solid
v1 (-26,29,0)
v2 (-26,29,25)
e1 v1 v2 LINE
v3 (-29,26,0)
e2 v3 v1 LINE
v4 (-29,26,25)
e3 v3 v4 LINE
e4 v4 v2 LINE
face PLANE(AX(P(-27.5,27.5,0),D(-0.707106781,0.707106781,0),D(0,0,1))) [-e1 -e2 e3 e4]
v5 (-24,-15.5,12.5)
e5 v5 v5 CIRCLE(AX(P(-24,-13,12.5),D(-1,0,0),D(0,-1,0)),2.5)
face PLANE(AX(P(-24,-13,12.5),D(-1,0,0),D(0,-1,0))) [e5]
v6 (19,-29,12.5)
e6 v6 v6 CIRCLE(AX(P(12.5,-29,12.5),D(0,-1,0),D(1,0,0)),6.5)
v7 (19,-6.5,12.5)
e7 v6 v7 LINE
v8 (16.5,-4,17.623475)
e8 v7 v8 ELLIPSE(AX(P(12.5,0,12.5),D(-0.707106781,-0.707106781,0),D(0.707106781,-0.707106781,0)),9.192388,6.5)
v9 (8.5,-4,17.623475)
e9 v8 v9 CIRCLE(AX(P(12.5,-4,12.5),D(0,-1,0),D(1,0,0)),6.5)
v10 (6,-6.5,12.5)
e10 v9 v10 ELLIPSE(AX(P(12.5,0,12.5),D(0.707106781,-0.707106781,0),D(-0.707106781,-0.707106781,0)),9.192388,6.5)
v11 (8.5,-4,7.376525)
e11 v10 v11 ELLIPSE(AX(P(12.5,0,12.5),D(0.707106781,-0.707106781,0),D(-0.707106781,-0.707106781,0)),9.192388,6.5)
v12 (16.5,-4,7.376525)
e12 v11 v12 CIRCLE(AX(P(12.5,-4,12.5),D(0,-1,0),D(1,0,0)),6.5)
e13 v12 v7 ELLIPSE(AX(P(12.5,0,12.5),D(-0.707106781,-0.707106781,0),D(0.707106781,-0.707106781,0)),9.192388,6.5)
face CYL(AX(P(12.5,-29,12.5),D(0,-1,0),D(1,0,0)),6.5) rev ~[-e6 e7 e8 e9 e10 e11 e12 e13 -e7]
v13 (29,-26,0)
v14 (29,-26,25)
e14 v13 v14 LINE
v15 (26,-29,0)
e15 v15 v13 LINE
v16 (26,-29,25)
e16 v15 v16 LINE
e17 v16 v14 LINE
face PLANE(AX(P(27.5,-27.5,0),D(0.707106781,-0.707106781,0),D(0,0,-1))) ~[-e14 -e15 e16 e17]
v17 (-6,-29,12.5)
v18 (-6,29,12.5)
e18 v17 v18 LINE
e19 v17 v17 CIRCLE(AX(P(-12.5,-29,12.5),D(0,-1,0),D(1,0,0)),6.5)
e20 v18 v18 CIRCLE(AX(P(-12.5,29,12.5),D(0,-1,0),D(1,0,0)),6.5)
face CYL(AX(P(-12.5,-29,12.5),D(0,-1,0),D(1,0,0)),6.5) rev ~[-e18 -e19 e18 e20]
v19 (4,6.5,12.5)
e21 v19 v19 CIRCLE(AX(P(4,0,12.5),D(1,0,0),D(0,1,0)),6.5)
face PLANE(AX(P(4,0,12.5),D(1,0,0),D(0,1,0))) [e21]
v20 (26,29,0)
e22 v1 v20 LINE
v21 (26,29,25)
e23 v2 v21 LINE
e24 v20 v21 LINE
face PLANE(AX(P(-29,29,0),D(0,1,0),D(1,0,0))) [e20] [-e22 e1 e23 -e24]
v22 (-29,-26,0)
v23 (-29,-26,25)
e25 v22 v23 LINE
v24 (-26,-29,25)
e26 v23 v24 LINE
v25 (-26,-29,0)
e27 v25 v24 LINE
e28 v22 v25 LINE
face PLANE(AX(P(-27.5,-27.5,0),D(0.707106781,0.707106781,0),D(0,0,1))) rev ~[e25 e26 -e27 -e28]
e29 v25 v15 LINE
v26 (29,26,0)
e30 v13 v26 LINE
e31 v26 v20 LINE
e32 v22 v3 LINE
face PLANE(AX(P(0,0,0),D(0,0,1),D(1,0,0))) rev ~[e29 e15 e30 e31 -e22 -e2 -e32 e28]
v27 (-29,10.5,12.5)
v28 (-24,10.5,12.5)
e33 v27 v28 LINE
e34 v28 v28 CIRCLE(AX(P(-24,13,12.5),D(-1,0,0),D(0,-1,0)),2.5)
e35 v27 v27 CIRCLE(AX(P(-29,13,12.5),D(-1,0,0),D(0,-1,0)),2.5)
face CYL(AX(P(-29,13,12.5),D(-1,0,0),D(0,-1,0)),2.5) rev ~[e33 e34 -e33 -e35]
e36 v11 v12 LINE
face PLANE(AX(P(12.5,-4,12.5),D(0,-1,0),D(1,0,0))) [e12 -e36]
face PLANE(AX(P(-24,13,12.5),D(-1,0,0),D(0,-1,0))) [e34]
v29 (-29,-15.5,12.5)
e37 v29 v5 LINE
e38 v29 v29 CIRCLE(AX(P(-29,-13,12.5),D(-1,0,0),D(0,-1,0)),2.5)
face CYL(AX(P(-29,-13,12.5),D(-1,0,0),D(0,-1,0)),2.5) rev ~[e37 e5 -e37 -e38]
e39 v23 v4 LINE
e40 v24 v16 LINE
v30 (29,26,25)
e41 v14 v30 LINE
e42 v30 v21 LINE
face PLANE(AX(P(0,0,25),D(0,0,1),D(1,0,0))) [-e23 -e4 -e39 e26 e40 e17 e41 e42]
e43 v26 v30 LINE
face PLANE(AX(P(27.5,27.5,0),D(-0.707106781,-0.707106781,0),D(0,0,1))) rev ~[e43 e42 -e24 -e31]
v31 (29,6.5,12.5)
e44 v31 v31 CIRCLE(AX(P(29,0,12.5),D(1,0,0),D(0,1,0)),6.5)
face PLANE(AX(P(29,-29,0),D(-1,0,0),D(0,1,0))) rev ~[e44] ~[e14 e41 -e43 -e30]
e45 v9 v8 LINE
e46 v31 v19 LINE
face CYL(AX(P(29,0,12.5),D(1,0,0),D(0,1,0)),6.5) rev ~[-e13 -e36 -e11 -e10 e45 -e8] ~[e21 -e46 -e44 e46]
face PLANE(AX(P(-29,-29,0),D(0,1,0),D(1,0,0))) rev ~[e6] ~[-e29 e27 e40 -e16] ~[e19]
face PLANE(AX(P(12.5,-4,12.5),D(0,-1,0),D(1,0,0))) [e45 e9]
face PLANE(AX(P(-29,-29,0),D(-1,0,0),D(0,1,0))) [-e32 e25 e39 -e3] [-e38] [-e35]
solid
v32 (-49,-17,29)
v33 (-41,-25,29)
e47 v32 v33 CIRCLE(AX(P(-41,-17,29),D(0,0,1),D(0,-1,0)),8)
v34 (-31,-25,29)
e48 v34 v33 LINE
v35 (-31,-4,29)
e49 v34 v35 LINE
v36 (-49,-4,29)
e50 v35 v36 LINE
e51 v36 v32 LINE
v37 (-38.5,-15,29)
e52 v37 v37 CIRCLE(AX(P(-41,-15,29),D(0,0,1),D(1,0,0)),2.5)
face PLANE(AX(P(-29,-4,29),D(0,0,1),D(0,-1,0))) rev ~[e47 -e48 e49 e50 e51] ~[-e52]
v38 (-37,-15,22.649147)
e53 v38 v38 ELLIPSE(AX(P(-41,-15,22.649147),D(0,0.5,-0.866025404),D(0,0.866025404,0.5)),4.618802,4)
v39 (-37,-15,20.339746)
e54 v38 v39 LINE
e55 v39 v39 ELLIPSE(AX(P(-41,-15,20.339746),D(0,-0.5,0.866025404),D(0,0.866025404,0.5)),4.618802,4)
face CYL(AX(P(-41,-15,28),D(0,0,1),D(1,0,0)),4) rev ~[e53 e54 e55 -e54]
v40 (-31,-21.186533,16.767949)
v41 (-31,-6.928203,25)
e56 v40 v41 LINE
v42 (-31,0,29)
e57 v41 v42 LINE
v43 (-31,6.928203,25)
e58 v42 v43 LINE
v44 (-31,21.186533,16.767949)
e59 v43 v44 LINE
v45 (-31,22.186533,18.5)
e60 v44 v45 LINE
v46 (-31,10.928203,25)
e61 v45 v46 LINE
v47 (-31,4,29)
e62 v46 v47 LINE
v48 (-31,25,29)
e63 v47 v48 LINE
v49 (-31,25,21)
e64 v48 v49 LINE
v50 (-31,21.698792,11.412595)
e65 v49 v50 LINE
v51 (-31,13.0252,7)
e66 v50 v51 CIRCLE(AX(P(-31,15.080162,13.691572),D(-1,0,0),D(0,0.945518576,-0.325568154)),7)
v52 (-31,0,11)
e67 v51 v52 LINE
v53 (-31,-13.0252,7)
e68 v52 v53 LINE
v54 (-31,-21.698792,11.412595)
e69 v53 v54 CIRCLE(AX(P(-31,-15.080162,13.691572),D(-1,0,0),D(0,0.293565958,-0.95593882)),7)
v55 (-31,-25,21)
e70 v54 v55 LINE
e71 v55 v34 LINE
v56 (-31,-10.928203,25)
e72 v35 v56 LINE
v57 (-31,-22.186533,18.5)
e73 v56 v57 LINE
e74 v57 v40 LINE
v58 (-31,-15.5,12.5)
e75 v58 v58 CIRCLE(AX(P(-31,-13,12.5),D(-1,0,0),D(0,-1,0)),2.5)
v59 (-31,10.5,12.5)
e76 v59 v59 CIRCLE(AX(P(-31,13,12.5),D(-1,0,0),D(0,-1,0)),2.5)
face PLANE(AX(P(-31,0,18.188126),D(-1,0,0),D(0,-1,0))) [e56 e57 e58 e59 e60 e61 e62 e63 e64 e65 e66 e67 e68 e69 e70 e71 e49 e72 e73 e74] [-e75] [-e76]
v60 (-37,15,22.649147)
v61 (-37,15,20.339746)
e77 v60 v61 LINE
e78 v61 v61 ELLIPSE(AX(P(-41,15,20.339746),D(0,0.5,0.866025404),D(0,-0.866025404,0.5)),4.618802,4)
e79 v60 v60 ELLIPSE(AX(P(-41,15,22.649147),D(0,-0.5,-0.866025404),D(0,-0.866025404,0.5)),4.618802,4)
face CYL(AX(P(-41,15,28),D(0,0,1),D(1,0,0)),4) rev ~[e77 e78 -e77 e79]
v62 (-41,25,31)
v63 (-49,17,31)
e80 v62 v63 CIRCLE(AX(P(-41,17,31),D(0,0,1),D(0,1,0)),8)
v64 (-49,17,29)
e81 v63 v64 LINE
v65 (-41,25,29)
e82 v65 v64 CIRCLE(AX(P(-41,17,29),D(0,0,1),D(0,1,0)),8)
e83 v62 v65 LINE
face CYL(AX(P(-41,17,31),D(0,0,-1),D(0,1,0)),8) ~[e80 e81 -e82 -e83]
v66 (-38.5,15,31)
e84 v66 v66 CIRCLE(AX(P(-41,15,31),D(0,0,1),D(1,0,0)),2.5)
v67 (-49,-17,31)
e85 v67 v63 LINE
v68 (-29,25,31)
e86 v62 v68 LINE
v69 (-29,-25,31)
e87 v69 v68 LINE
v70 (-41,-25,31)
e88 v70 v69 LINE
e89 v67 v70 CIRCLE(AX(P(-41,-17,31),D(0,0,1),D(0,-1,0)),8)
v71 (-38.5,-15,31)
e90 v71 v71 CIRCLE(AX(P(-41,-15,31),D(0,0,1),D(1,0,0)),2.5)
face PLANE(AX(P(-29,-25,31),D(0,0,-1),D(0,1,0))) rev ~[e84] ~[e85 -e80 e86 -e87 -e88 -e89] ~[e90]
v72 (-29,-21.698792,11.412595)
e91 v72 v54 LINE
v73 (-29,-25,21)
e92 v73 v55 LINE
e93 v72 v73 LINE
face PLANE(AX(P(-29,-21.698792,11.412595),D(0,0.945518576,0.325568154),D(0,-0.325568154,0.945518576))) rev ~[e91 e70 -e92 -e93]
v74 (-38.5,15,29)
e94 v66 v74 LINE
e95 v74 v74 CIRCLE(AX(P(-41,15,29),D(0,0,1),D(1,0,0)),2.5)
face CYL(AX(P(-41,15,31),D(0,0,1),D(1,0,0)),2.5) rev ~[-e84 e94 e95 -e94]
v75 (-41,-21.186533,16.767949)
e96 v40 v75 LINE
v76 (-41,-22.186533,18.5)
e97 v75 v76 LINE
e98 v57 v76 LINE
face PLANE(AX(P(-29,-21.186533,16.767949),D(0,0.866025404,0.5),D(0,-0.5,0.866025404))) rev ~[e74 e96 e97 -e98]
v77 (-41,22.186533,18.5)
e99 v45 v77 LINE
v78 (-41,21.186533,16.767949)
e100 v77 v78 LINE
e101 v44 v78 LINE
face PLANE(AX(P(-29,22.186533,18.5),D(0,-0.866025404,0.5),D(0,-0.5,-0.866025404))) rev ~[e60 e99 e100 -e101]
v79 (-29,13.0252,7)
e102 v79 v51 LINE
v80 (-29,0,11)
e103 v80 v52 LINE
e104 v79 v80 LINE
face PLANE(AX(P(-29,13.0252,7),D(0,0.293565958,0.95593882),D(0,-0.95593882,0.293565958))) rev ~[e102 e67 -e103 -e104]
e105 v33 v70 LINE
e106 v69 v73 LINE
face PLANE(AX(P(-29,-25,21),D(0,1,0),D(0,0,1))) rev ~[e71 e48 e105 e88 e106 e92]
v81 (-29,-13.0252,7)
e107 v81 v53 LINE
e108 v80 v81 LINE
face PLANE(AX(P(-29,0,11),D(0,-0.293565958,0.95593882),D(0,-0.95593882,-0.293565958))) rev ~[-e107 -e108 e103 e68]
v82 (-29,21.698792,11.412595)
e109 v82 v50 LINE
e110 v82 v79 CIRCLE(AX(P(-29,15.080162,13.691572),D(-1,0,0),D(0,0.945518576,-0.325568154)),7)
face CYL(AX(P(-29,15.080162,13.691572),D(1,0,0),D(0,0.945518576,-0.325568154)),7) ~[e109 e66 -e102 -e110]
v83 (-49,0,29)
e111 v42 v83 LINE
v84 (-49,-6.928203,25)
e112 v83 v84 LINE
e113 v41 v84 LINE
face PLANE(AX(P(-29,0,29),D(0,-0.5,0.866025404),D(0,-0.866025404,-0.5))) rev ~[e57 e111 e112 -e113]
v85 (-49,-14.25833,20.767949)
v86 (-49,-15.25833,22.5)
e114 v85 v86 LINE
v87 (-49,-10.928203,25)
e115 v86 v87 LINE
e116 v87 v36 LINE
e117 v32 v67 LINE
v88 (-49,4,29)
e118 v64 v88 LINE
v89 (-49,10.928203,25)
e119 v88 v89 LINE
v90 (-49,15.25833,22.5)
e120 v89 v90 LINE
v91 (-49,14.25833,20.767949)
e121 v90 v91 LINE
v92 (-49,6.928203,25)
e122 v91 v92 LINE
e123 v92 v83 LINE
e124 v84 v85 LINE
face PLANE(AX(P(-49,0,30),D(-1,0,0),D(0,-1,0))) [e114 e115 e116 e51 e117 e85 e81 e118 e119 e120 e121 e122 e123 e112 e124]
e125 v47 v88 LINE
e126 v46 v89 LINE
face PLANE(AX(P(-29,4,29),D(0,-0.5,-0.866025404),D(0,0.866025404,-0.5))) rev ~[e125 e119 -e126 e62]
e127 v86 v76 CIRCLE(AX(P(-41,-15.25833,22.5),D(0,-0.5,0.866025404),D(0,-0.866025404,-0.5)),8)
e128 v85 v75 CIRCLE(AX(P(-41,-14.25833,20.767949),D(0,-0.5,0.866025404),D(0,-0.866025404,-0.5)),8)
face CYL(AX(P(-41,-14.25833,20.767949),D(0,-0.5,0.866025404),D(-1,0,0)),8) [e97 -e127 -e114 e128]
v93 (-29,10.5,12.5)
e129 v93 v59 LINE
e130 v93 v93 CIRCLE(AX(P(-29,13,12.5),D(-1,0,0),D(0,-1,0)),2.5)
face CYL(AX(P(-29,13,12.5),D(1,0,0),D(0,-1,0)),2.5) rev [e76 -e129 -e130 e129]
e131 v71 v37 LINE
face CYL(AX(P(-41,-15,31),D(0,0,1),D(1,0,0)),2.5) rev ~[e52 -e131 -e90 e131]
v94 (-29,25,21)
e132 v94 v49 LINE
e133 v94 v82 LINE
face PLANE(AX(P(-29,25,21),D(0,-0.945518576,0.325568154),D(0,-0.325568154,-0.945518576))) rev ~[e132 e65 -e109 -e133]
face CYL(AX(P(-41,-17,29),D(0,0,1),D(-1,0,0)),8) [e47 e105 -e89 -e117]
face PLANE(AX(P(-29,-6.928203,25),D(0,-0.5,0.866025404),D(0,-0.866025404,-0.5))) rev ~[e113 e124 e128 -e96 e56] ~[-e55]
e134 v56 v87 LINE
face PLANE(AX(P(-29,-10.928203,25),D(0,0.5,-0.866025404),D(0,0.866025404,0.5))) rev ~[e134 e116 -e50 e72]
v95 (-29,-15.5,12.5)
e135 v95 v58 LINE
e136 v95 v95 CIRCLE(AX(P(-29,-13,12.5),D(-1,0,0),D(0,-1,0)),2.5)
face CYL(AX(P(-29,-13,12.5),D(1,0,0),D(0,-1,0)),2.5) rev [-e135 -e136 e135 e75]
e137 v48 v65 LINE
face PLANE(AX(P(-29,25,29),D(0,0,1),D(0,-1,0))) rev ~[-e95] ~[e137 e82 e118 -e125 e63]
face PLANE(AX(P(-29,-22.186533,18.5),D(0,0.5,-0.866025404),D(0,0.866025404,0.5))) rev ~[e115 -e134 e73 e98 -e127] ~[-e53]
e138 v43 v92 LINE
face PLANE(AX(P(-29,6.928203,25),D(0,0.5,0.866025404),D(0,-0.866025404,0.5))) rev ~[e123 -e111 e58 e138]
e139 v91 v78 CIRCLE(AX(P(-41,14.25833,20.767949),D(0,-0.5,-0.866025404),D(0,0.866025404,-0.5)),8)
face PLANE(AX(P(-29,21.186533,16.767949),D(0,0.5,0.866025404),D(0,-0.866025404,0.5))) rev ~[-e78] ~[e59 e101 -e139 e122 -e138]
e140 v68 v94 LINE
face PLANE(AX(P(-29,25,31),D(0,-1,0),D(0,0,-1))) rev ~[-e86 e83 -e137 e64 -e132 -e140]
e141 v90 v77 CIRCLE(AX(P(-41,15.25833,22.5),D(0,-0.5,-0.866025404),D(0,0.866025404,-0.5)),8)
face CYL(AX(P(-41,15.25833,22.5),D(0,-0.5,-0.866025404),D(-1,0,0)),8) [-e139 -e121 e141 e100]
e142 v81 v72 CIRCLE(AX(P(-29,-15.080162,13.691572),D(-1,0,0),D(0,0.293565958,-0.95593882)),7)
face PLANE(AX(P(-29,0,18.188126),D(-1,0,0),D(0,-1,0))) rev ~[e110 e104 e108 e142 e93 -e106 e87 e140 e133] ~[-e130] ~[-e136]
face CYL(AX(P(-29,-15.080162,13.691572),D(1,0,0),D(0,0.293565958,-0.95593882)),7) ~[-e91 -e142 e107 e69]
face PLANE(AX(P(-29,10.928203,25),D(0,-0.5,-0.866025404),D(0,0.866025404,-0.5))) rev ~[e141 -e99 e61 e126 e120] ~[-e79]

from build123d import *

# Parameters (mm, degrees)
F0_W      = 58
F0_H      = 58
F1_DEPTH  = 25
F2_SIZE   = 3
F3_R      = 6.5
F4_DEPTH  = 58.001
F5_DEPTH  = 25
F6_R      = 6.5
F7_DEPTH  = 25
F8_R      = 2.5
F9_DEPTH  = 5
F10_R     = 2.5
F11_DEPTH = 2
F12_DEPTH = 20
F13_R     = 2.5
F14_DEPTH = 3
F15_START = -3
F13_R_2   = 4
F15_DEPTH = 28.001
F16_R     = 8


with BuildPart() as f1:
    # F0 (on Top) → F1 (new body)
    with BuildSketch(Plane.XY):
        Rectangle(F0_W, F0_H)
    extrude(amount=F1_DEPTH)

    # F2
    f2_edges = [f1.edges().sort_by_distance(p)[0] for p in [
        (-29, -29, 12.5),
        (29, -29, 12.5),
        (29, 29, 12.5),
        (-29, 29, 12.5),
    ]]
    chamfer(f2_edges, length=F2_SIZE)

    # F3 (on face) → F4 (cut, through all)
    with BuildSketch(Plane.XZ.offset(29)):
        with Locations((-12.5, 12.5)):
            Circle(F3_R)
    extrude(amount=-F4_DEPTH, mode=Mode.SUBTRACT)

    # F3 (on face) → F5 (cut)
    with BuildSketch(Plane.XZ.offset(29)):
        with Locations((12.5, 12.5)):
            Circle(F3_R)
    extrude(amount=-F5_DEPTH, mode=Mode.SUBTRACT)

    # F6 (on face) → F7 (cut)
    with BuildSketch(Plane.YZ.offset(29)):
        with Locations((0, 12.5)):
            Circle(F6_R)
    extrude(amount=-F7_DEPTH, mode=Mode.SUBTRACT)

    # F8 (on face) → F9 (cut)
    with BuildSketch(Plane(origin=(-29, 0, 0), x_dir=(0, -1, 0), z_dir=(-1, 0, 0))):
        with Locations((-13, 12.5)):
            Circle(F8_R)
        with Locations((13, 12.5)):
            Circle(F8_R)
    extrude(amount=-F9_DEPTH, mode=Mode.SUBTRACT)


with BuildPart() as f11:
    # F10 (on face) → F11 (new body)
    with BuildSketch(Plane(origin=(-29, 0, 0), x_dir=(0, -1, 0), z_dir=(-1, 0, 0))):
        with BuildLine():
            Line((-25, 21), (-21.6987916019, 11.4125946606))
            ThreePointArc((-21.6987916019, 11.4125946606), (-18.2541992292, 7.4525425742), (-13.0251998641, 7))
            Line((-13.0251998641, 7), (0, 11))
            Line((0, 11), (13.0251998641, 7))
            ThreePointArc((13.0251998641, 7), (18.2541992292, 7.4525425742), (21.6987916019, 11.4125946606))
            Line((21.6987916019, 11.4125946606), (25, 21))
            Line((25, 21), (25, 25))
            Line((25, 25), (10.9282032303, 25))
            Line((10.9282032303, 25), (22.1865334795, 18.5))
            Line((22.1865334795, 18.5), (21.1865334795, 16.7679491924))
            Line((21.1865334795, 16.7679491924), (6.9282032303, 25))
            Line((6.9282032303, 25), (-6.9282032303, 25))
            Line((-6.9282032303, 25), (-21.1865334795, 16.7679491924))
            Line((-21.1865334795, 16.7679491924), (-22.1865334795, 18.5))
            Line((-22.1865334795, 18.5), (-10.9282032303, 25))
            Line((-10.9282032303, 25), (-25, 25))
            Line((-25, 25), (-25, 21))
        make_face()
        with Locations((-13, 12.5)):
            Circle(F10_R, mode=Mode.SUBTRACT)
        with Locations((13, 12.5)):
            Circle(F10_R, mode=Mode.SUBTRACT)
        Polygon((-25, 29), (-25, 25), (-10.9282032303, 25), (-4, 29), align=None)
        Polygon((-4, 29), (-10.9282032303, 25), (-6.9282032303, 25), (0, 29), align=None)
        Polygon((0, 29), (-6.9282032303, 25), (6.9282032303, 25), align=None)
        Polygon((-6.9282032303, 25), (-10.9282032303, 25), (-22.1865334795, 18.5), (-21.1865334795, 16.7679491924), align=None)
        Polygon((10.9282032303, 25), (6.9282032303, 25), (21.1865334795, 16.7679491924), (22.1865334795, 18.5), align=None)
        Polygon((4, 29), (0, 29), (6.9282032303, 25), (10.9282032303, 25), align=None)
        Polygon((25, 29), (4, 29), (10.9282032303, 25), (25, 25), align=None)
        Polygon((-25, 31), (-25, 29), (-4, 29), (0, 29), (4, 29), (25, 29), (25, 31), (0, 31), align=None)
    extrude(amount=F11_DEPTH)

    # F10 (on face) → F12 (join)
    with BuildSketch(Plane(origin=(-29, 0, 0), x_dir=(0, -1, 0), z_dir=(-1, 0, 0))):
        Polygon((-25, 31), (-25, 29), (-4, 29), (0, 29), (4, 29), (25, 29), (25, 31), (0, 31), align=None)
        Polygon((-4, 29), (-10.9282032303, 25), (-6.9282032303, 25), (0, 29), align=None)
        Polygon((-6.9282032303, 25), (-10.9282032303, 25), (-22.1865334795, 18.5), (-21.1865334795, 16.7679491924), align=None)
        Polygon((4, 29), (0, 29), (6.9282032303, 25), (10.9282032303, 25), align=None)
        Polygon((10.9282032303, 25), (6.9282032303, 25), (21.1865334795, 16.7679491924), (22.1865334795, 18.5), align=None)
    extrude(amount=F12_DEPTH)

    # F13 (on face) → F14 (cut)
    with BuildSketch(Plane.XY.offset(31)):
        with Locations((-41, -15)):
            Circle(F13_R)
        with Locations((-41, 15)):
            Circle(F13_R)
    extrude(amount=-F14_DEPTH, mode=Mode.SUBTRACT)

    # F13 (on face) → F15 (cut)
    with BuildSketch(Plane.XY.offset(31).offset(F15_START)):
        with Locations((-41, 15)):
            Circle(F13_R_2)
        with Locations((-41, 15)):
            Circle(F13_R, mode=Mode.SUBTRACT)
        with Locations((-41, -15)):
            Circle(F13_R_2)
        with Locations((-41, -15)):
            Circle(F13_R, mode=Mode.SUBTRACT)
        with Locations((-41, -15)):
            Circle(F13_R)
        with Locations((-41, 15)):
            Circle(F13_R)
    extrude(amount=-F15_DEPTH, mode=Mode.SUBTRACT)

    # F16
    f16_edges = [f11.edges().sort_by_distance(p)[0] for p in [
        (-49, 25, 30),
        (-49, 21.686533, 17.633975),
        (-49, -25, 30),
        (-49, -21.686533, 17.633975),
    ]]
    fillet(f16_edges, radius=F16_R)


solid = Compound([f1.part, f11.part])
